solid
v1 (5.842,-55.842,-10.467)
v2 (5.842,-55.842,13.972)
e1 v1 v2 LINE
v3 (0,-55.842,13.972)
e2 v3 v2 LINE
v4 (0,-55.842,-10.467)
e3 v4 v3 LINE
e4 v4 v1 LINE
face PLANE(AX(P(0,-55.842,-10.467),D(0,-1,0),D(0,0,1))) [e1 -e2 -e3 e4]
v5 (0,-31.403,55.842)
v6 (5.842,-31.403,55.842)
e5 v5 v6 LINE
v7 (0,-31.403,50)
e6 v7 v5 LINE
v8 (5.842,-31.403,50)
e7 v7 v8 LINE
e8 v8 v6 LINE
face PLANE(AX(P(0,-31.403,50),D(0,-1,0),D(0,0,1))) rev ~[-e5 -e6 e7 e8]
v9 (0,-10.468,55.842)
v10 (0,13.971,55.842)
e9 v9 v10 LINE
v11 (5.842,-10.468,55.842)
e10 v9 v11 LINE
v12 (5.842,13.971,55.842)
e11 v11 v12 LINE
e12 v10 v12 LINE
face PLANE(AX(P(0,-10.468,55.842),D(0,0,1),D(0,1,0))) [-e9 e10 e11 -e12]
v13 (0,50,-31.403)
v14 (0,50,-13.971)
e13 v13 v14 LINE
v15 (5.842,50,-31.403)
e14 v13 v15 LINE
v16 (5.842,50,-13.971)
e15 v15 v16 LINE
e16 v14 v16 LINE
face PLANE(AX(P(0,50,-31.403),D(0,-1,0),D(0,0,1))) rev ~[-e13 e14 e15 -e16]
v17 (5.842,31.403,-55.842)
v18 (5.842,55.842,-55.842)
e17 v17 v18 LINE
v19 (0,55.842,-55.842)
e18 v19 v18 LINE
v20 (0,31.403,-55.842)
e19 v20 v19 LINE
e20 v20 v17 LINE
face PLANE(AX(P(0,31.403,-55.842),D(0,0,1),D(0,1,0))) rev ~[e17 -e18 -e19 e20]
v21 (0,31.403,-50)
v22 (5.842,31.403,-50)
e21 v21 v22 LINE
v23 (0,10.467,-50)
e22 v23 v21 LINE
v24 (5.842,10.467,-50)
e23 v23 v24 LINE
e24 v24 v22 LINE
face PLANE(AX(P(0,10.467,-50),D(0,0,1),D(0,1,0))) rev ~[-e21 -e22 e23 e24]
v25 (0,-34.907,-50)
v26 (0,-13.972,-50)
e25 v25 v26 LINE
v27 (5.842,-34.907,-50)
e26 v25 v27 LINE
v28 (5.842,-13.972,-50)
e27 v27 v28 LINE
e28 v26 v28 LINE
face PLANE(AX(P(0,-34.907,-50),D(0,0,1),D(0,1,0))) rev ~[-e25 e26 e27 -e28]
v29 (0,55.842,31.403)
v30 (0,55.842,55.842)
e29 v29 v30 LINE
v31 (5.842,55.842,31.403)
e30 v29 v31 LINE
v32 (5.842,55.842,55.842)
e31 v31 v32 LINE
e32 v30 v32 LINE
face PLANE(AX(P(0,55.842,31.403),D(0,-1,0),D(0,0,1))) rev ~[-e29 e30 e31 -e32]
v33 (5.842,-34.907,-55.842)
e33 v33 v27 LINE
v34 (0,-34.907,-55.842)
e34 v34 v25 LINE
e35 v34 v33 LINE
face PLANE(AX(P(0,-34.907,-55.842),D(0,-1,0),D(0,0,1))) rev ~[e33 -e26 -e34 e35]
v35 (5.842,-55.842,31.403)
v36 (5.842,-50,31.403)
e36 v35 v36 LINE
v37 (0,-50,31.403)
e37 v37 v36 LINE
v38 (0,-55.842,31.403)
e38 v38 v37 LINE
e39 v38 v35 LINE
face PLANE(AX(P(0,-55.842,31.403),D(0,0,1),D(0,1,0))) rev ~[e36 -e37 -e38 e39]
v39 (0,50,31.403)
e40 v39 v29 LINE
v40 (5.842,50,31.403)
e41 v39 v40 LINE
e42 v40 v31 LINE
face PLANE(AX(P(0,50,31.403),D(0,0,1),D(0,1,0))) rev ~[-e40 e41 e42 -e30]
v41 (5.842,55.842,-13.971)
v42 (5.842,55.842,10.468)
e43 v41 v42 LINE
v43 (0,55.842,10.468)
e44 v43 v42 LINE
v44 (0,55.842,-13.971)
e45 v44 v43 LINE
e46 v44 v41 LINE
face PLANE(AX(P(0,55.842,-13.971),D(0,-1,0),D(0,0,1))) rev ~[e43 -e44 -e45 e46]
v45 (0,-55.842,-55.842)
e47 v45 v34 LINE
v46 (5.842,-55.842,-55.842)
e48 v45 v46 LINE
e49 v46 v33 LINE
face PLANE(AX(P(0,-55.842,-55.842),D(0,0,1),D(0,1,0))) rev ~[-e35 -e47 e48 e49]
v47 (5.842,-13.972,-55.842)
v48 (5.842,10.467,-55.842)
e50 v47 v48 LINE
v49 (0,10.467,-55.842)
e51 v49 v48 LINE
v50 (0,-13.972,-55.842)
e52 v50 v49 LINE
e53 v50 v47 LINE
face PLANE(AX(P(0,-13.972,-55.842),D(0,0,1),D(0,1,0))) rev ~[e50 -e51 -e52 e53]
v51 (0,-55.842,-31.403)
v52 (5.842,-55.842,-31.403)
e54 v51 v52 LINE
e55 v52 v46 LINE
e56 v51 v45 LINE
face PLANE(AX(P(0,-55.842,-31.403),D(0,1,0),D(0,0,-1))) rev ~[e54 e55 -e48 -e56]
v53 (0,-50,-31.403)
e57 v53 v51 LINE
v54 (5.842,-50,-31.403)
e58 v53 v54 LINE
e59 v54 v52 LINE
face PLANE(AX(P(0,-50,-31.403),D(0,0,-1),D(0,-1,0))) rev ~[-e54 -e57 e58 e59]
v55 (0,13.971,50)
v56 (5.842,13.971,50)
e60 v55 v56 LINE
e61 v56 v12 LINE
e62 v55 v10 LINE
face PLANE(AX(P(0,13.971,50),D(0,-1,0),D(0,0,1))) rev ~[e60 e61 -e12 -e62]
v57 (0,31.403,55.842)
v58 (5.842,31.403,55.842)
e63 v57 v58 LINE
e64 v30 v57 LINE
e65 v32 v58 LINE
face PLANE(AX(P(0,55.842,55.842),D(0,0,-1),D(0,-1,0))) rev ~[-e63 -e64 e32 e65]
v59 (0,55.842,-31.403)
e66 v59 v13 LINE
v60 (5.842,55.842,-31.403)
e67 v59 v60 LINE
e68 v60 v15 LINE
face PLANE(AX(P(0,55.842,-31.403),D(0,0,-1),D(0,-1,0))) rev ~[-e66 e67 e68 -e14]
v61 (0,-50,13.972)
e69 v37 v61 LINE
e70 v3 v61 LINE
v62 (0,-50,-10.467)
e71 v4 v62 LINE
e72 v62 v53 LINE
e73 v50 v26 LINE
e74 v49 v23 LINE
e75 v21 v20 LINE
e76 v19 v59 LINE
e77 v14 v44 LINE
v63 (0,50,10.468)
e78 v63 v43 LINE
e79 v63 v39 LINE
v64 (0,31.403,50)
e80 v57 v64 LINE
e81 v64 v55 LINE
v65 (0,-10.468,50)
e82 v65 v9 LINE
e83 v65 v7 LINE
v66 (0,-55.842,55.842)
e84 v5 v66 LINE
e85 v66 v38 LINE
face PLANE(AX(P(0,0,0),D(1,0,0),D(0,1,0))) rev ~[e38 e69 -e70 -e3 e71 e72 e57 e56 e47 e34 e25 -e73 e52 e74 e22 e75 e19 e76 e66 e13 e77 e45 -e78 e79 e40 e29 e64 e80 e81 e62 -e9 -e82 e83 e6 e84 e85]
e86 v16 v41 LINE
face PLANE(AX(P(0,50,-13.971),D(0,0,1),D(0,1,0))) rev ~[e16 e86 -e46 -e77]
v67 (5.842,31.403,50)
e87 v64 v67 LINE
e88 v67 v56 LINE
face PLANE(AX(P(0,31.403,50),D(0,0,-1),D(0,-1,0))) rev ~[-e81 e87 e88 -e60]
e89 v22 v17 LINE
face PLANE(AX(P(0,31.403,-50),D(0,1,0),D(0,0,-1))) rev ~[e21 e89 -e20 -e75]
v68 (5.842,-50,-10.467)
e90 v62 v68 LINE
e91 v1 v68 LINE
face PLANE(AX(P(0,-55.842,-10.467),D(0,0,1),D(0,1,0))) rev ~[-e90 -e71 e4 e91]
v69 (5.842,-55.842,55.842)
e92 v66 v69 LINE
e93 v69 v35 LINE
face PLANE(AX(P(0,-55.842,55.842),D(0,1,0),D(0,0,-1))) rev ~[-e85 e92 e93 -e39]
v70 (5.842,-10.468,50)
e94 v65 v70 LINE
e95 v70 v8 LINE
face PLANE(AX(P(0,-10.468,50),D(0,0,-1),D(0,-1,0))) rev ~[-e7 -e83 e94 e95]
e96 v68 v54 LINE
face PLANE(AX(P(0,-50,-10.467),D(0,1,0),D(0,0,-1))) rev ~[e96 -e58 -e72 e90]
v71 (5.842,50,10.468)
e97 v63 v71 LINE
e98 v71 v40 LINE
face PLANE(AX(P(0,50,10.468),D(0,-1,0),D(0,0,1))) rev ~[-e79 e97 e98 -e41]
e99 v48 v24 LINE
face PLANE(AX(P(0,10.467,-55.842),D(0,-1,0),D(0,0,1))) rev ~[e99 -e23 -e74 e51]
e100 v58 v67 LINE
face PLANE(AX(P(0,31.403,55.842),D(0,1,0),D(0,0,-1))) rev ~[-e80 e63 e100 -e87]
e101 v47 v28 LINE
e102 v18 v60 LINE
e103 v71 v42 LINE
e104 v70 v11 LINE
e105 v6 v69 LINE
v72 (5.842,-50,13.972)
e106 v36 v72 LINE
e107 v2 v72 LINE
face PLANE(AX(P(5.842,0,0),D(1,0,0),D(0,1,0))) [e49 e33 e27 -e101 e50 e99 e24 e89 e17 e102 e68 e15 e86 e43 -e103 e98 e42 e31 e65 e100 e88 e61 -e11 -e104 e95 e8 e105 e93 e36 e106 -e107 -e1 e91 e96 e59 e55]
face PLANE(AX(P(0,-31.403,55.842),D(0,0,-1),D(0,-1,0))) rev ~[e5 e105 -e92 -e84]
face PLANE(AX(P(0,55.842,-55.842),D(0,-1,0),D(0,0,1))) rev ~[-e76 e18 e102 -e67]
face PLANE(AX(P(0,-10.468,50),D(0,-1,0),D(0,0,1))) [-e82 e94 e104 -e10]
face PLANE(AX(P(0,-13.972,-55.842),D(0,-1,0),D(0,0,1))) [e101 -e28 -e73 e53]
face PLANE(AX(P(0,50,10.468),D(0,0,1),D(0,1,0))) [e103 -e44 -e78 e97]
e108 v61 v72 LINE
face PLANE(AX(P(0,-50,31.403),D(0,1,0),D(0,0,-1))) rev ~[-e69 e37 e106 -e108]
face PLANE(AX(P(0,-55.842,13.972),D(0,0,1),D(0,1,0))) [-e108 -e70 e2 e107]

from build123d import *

# Parameters (mm, degrees)
F0_W     = 24.439
F0_H     = 5.842
F0_W_2   = 5.842
F0_H_2   = 24.439
F1_DEPTH = 5.842


with BuildPart() as f1:
    # F0 (on Right) → F1 (new body)
    with BuildSketch(Plane.YZ):
        Polygon((50, 31.403), (50, 50), (31.403, 50), (13.971, 50), (-10.468, 50), (-31.403, 50), (-50, 50), (-50, 31.403), (-50, 13.972), (-50, -10.467), (-50, -31.403), (-50, -50), (-34.907, -50), (-13.972, -50), (10.467, -50), (31.403, -50), (50, -50), (50, -31.403), (50, -13.971), (50, 10.468), align=None)
        Polygon((31.403, 50), (50, 50), (50, 31.403), (55.842, 31.403), (55.842, 55.842), (31.403, 55.842), align=None)
        with Locations((1.7515, 52.921)):
            Rectangle(F0_W, F0_H)
        with Locations((52.921, -1.7515)):
            Rectangle(F0_W_2, F0_H_2)
        Polygon((-50, 50), (-31.403, 50), (-31.403, 55.842), (-55.842, 55.842), (-55.842, 31.403), (-50, 31.403), align=None)
        Polygon((55.842, -31.403), (50, -31.403), (50, -50), (31.403, -50), (31.403, -55.842), (55.842, -55.842), (55.842, -50), align=None)
        with Locations((-52.921, 1.7525)):
            Rectangle(F0_W_2, F0_H_2)
        with Locations((-1.7525, -52.921)):
            Rectangle(F0_W, F0_H)
        Polygon((-50, -50), (-50, -31.403), (-55.842, -31.403), (-55.842, -55.842), (-34.907, -55.842), (-34.907, -50), align=None)
    extrude(amount=F1_DEPTH)


solid = f1.part
